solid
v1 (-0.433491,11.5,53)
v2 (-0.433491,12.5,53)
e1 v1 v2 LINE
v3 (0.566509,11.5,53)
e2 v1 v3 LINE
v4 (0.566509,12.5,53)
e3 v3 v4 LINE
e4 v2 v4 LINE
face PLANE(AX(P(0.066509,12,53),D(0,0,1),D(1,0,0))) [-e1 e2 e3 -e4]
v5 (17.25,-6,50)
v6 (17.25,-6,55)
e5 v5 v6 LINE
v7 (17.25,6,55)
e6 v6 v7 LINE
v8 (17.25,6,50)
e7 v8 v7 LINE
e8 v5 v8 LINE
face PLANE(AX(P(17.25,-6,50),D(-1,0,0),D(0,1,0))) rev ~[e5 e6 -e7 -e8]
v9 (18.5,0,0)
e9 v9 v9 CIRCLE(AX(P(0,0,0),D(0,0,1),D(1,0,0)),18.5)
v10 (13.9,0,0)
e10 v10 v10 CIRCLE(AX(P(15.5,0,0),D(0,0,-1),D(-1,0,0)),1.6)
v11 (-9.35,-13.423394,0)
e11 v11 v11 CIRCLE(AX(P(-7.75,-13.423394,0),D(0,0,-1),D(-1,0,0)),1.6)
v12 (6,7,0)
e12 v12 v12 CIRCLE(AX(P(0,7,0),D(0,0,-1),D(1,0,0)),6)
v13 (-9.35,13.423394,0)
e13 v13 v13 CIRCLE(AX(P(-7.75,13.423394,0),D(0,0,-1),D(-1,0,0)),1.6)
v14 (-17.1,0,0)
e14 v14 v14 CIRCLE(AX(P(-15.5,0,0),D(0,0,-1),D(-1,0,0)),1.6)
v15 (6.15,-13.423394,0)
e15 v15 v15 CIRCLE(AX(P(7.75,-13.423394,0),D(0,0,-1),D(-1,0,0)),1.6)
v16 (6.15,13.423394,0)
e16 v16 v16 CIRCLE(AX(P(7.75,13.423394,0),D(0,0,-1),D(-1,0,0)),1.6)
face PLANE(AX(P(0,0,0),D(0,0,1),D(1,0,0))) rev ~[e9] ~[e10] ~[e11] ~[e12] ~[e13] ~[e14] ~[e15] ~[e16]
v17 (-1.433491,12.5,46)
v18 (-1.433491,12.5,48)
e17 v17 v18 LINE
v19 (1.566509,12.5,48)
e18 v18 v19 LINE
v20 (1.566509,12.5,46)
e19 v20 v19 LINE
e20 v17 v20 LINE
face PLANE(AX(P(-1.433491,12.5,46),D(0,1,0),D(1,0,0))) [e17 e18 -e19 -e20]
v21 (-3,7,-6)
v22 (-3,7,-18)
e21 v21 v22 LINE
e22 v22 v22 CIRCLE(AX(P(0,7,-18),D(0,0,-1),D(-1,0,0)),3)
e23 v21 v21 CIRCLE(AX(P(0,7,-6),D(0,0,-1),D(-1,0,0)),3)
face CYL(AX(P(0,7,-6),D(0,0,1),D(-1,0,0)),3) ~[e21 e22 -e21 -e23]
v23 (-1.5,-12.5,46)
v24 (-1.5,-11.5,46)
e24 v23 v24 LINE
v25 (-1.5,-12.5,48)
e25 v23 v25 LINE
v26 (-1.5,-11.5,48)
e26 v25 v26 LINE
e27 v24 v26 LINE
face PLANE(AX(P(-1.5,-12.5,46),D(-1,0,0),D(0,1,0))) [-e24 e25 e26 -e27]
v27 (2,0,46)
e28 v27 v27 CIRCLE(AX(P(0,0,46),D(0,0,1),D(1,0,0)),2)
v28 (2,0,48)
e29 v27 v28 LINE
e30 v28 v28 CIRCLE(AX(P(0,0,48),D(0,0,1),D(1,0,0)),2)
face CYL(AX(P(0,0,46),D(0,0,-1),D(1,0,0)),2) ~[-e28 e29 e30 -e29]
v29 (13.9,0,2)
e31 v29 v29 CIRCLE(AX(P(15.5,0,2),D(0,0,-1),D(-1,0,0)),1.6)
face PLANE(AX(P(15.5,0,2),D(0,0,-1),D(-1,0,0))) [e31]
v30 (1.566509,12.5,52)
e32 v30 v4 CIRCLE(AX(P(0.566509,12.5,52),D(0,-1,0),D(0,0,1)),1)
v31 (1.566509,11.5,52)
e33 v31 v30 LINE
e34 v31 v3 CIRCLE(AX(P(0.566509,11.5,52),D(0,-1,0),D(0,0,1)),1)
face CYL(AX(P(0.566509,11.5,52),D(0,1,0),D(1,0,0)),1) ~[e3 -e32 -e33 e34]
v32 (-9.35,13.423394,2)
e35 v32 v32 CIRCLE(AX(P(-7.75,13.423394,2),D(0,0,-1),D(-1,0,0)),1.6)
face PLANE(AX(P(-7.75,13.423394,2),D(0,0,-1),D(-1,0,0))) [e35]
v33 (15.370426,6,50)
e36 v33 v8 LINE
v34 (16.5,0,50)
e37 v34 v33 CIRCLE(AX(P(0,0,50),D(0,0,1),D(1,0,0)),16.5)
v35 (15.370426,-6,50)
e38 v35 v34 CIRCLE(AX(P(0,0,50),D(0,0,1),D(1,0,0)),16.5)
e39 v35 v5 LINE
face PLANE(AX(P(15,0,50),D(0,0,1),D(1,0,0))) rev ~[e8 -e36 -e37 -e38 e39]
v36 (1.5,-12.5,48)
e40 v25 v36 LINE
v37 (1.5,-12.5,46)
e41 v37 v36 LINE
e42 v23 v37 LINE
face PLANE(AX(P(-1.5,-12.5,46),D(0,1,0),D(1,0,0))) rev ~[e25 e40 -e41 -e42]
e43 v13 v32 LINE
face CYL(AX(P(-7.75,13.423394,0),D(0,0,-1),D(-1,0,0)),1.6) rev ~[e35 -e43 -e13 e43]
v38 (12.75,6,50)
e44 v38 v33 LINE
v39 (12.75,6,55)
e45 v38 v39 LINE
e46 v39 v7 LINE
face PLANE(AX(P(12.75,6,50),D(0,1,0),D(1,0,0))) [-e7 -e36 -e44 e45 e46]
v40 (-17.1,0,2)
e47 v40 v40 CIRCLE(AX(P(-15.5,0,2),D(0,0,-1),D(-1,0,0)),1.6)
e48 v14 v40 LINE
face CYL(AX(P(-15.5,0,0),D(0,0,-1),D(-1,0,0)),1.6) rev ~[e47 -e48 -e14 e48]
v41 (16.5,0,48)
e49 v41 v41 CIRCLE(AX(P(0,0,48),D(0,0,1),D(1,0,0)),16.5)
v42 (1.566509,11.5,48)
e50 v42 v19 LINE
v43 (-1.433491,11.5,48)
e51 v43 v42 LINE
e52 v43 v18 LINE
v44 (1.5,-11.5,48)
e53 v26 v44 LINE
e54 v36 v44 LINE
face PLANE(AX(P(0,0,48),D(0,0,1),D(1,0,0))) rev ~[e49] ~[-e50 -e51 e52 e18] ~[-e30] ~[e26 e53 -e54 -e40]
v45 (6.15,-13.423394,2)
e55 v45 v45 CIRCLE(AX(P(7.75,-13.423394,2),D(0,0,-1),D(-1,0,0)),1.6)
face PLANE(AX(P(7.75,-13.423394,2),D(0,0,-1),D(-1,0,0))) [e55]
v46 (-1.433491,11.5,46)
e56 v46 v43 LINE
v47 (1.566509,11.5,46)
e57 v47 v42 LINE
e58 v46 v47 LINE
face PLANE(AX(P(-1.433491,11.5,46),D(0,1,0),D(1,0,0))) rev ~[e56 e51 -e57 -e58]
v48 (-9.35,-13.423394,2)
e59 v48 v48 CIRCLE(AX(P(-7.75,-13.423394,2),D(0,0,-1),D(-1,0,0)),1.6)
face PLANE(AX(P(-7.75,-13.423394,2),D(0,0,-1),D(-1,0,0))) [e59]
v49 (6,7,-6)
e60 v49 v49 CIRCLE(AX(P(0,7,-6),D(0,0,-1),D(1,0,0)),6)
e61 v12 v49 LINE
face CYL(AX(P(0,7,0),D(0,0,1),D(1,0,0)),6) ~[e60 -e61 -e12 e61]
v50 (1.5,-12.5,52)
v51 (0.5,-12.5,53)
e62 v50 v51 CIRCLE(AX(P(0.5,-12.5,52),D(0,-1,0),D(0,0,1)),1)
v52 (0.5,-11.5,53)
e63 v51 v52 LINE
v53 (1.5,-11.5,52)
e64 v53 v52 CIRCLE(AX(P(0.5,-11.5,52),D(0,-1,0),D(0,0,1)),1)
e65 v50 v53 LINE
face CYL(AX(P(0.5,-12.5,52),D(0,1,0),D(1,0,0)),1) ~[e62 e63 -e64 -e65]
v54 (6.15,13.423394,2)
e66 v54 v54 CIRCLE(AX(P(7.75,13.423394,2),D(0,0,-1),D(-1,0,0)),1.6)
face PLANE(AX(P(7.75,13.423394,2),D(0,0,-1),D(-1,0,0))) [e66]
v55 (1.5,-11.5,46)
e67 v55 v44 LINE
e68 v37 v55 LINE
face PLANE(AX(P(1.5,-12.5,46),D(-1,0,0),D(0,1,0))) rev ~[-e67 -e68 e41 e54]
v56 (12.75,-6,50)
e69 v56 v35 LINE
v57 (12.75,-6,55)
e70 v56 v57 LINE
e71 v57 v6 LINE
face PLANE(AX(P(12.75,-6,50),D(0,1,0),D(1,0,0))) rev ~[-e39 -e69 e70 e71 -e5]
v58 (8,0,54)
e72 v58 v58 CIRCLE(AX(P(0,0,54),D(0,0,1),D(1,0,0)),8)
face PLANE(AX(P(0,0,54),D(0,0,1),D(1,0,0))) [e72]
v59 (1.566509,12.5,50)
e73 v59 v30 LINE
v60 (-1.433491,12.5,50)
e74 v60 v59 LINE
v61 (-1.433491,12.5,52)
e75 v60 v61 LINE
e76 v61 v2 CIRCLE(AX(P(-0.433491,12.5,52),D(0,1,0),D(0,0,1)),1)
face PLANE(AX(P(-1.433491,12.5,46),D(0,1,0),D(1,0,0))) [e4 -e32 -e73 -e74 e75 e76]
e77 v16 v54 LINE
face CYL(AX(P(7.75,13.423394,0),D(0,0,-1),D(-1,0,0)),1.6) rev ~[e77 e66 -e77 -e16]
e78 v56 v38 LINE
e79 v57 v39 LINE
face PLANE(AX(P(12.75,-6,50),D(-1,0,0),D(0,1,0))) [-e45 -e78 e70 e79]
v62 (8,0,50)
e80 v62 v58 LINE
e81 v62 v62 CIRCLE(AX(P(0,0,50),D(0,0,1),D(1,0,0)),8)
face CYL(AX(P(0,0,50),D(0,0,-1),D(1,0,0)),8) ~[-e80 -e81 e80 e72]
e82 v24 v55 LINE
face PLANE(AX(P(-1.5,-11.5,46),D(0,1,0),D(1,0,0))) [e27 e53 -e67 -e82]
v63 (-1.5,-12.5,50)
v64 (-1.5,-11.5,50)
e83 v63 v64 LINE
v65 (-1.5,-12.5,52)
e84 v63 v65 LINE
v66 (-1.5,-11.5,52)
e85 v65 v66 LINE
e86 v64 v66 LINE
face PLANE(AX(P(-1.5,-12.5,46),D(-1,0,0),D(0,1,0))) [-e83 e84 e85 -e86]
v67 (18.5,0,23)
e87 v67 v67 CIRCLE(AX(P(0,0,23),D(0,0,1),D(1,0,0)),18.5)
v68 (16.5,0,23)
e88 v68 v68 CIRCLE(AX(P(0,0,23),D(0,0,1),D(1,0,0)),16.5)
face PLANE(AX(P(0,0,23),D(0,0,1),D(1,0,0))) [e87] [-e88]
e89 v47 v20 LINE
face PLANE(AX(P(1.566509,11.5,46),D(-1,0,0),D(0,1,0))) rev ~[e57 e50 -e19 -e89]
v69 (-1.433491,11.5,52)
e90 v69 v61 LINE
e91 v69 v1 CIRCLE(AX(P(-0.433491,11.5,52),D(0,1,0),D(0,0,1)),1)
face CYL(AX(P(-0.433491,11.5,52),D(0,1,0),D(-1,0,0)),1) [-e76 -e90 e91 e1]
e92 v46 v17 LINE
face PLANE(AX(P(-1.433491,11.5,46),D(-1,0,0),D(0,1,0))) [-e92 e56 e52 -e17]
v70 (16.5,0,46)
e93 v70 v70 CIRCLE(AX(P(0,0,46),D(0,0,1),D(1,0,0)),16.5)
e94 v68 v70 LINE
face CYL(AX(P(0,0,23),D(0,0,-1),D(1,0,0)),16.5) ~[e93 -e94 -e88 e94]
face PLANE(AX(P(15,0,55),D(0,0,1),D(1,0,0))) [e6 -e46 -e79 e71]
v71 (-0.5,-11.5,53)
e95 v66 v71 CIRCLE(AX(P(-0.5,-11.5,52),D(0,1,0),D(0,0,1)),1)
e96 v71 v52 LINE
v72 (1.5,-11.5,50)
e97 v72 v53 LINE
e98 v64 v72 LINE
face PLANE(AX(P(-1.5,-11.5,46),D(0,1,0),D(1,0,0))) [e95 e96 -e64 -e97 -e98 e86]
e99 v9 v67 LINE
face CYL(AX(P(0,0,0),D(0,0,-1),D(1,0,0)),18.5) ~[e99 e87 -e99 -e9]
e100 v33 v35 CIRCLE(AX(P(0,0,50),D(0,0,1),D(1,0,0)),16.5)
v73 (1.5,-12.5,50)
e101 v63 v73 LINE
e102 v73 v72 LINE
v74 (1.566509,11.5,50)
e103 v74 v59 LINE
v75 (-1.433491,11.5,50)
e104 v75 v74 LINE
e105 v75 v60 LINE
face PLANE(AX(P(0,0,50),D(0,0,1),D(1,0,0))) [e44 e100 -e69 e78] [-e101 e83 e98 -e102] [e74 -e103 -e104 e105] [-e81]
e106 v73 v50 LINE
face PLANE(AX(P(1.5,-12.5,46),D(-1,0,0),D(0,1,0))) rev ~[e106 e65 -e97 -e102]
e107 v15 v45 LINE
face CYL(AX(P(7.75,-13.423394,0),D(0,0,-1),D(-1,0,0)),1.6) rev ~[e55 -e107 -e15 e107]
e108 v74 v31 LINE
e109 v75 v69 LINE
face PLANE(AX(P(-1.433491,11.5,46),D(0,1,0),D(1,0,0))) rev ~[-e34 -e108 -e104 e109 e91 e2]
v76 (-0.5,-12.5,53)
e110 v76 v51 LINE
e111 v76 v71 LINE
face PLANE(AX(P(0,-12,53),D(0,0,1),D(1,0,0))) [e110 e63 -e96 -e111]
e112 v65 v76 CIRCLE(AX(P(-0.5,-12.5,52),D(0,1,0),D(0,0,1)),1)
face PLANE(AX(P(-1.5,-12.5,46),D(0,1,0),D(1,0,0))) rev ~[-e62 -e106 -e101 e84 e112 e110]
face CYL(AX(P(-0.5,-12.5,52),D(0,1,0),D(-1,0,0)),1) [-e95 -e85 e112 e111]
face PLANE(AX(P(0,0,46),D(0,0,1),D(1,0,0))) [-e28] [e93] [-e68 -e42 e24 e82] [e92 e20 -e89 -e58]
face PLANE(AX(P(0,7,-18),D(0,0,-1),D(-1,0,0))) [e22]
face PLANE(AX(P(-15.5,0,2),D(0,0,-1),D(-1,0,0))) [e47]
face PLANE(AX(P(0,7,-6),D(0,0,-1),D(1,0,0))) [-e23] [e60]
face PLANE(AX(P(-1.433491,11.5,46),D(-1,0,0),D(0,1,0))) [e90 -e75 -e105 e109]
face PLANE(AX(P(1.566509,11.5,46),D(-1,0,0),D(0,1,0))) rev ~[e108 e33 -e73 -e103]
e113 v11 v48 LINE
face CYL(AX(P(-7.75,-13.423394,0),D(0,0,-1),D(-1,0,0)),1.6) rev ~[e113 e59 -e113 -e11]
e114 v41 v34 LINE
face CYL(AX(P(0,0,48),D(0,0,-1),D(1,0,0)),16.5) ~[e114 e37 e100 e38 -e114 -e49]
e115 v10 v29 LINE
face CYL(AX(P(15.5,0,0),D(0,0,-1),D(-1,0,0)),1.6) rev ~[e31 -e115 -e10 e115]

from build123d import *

# Parameters (mm, degrees)
SKETCH_1_R          = 18.5
EXTRUDE_3_DEPTH     = 23
SKETCH_3_R          = 16.5
EXTRUDE_4_DEPTH     = 23
SKETCH_4_R          = 6
EXTRUDE_5_DEPTH     = 6
SKETCH_6_R          = 3
EXTRUDE_6_DEPTH     = 12
SKETCH_7_R          = 2
EXTRUDE_7_DEPTH     = 2
SKETCH_8_W          = 3
SKETCH_8_H          = 1
EXTRUDE_8_DEPTH     = 7
SKETCH_9_R          = 16.5
EXTRUDE_9_DEPTH     = 2
SKETCH_10_W         = 4.5
SKETCH_10_H         = 12
EXTRUDE_10_DEPTH    = 5
FILLET_1_R          = 1
SKETCH_11_R         = 8
EXTRUDE_11_DEPTH    = 4
SKETCH_12_R         = 1.6
CUT_EXTRUDE_1_DEPTH = 2


with BuildPart() as part:
    # 草图1 → 凸台-拉伸3 (new body)
    with BuildSketch(Plane.XY):
        Circle(SKETCH_1_R)
    extrude(amount=EXTRUDE_3_DEPTH)

    # 草图3 → 凸台-拉伸4 (add)
    with BuildSketch(Plane.XY.offset(23)):
        Circle(SKETCH_3_R)
    extrude(amount=EXTRUDE_4_DEPTH)

    # 草图4 → 凸台-拉伸5 (add)
    with BuildSketch(Plane(origin=(0, 0, 0), x_dir=(-1, 0, 0), z_dir=(0, 0, -1))):
        with Locations(Location((0, 7, 0), (0, 0, 180))):
            Circle(SKETCH_4_R)
    extrude(amount=EXTRUDE_5_DEPTH)

    # 草图6 → 凸台-拉伸6 (add)
    with BuildSketch(Plane(origin=(0, 0, -6), x_dir=(-1, 0, 0), z_dir=(0, 0, -1))):
        with Locations((0, 7)):
            Circle(SKETCH_6_R)
    extrude(amount=EXTRUDE_6_DEPTH)

    # 草图7 → 凸台-拉伸7 (add)
    with BuildSketch(Plane.XY.offset(46)):
        Circle(SKETCH_7_R)
    extrude(amount=EXTRUDE_7_DEPTH)

    # 草图8 → 凸台-拉伸8 (add)
    with BuildSketch(Plane.XY.offset(46)):
        with Locations((0, -12)):
            Rectangle(SKETCH_8_W, SKETCH_8_H)
        with Locations((0.066509227, 12)):
            Rectangle(SKETCH_8_W, SKETCH_8_H)
    extrude(amount=EXTRUDE_8_DEPTH)

    # 草图9 → 凸台-拉伸9 (add)
    with BuildSketch(Plane.XY.offset(48)):
        Circle(SKETCH_9_R)
    extrude(amount=EXTRUDE_9_DEPTH)

    # 草图10 → 凸台-拉伸10 (add)
    with BuildSketch(Plane.XY.offset(50)):
        with Locations((15, 0)):
            Rectangle(SKETCH_10_W, SKETCH_10_H)
    extrude(amount=EXTRUDE_10_DEPTH)

    # 圆角1
    fillet_1_edges = [part.edges().sort_by_distance(p)[0] for p in [
        (1.566509227, 12, 53),
        (-1.433490773, 12, 53),
        (1.5, -12, 53),
        (-1.5, -12, 53),
    ]]
    fillet(fillet_1_edges, radius=FILLET_1_R)

    # 草图11 → 凸台-拉伸11 (add)
    with BuildSketch(Plane.XY.offset(50)):
        Circle(SKETCH_11_R)
    extrude(amount=EXTRUDE_11_DEPTH)

    # 草图12 → 切除-拉伸1 (cut)
    with BuildSketch(Plane(origin=(0, 0, 0), x_dir=(-1, 0, 0), z_dir=(0, 0, -1))):
        with Locations((15.5, 0)):
            Circle(SKETCH_12_R)
        with Locations((7.75, -13.423393759)):
            Circle(SKETCH_12_R)
        with Locations((-7.75, -13.423393759)):
            Circle(SKETCH_12_R)
        with Locations((-15.5, 0)):
            Circle(SKETCH_12_R)
        with Locations((-7.75, 13.423393759)):
            Circle(SKETCH_12_R)
        with Locations((7.75, 13.423393759)):
            Circle(SKETCH_12_R)
    extrude(amount=-CUT_EXTRUDE_1_DEPTH, mode=Mode.SUBTRACT)


solid = part.part
